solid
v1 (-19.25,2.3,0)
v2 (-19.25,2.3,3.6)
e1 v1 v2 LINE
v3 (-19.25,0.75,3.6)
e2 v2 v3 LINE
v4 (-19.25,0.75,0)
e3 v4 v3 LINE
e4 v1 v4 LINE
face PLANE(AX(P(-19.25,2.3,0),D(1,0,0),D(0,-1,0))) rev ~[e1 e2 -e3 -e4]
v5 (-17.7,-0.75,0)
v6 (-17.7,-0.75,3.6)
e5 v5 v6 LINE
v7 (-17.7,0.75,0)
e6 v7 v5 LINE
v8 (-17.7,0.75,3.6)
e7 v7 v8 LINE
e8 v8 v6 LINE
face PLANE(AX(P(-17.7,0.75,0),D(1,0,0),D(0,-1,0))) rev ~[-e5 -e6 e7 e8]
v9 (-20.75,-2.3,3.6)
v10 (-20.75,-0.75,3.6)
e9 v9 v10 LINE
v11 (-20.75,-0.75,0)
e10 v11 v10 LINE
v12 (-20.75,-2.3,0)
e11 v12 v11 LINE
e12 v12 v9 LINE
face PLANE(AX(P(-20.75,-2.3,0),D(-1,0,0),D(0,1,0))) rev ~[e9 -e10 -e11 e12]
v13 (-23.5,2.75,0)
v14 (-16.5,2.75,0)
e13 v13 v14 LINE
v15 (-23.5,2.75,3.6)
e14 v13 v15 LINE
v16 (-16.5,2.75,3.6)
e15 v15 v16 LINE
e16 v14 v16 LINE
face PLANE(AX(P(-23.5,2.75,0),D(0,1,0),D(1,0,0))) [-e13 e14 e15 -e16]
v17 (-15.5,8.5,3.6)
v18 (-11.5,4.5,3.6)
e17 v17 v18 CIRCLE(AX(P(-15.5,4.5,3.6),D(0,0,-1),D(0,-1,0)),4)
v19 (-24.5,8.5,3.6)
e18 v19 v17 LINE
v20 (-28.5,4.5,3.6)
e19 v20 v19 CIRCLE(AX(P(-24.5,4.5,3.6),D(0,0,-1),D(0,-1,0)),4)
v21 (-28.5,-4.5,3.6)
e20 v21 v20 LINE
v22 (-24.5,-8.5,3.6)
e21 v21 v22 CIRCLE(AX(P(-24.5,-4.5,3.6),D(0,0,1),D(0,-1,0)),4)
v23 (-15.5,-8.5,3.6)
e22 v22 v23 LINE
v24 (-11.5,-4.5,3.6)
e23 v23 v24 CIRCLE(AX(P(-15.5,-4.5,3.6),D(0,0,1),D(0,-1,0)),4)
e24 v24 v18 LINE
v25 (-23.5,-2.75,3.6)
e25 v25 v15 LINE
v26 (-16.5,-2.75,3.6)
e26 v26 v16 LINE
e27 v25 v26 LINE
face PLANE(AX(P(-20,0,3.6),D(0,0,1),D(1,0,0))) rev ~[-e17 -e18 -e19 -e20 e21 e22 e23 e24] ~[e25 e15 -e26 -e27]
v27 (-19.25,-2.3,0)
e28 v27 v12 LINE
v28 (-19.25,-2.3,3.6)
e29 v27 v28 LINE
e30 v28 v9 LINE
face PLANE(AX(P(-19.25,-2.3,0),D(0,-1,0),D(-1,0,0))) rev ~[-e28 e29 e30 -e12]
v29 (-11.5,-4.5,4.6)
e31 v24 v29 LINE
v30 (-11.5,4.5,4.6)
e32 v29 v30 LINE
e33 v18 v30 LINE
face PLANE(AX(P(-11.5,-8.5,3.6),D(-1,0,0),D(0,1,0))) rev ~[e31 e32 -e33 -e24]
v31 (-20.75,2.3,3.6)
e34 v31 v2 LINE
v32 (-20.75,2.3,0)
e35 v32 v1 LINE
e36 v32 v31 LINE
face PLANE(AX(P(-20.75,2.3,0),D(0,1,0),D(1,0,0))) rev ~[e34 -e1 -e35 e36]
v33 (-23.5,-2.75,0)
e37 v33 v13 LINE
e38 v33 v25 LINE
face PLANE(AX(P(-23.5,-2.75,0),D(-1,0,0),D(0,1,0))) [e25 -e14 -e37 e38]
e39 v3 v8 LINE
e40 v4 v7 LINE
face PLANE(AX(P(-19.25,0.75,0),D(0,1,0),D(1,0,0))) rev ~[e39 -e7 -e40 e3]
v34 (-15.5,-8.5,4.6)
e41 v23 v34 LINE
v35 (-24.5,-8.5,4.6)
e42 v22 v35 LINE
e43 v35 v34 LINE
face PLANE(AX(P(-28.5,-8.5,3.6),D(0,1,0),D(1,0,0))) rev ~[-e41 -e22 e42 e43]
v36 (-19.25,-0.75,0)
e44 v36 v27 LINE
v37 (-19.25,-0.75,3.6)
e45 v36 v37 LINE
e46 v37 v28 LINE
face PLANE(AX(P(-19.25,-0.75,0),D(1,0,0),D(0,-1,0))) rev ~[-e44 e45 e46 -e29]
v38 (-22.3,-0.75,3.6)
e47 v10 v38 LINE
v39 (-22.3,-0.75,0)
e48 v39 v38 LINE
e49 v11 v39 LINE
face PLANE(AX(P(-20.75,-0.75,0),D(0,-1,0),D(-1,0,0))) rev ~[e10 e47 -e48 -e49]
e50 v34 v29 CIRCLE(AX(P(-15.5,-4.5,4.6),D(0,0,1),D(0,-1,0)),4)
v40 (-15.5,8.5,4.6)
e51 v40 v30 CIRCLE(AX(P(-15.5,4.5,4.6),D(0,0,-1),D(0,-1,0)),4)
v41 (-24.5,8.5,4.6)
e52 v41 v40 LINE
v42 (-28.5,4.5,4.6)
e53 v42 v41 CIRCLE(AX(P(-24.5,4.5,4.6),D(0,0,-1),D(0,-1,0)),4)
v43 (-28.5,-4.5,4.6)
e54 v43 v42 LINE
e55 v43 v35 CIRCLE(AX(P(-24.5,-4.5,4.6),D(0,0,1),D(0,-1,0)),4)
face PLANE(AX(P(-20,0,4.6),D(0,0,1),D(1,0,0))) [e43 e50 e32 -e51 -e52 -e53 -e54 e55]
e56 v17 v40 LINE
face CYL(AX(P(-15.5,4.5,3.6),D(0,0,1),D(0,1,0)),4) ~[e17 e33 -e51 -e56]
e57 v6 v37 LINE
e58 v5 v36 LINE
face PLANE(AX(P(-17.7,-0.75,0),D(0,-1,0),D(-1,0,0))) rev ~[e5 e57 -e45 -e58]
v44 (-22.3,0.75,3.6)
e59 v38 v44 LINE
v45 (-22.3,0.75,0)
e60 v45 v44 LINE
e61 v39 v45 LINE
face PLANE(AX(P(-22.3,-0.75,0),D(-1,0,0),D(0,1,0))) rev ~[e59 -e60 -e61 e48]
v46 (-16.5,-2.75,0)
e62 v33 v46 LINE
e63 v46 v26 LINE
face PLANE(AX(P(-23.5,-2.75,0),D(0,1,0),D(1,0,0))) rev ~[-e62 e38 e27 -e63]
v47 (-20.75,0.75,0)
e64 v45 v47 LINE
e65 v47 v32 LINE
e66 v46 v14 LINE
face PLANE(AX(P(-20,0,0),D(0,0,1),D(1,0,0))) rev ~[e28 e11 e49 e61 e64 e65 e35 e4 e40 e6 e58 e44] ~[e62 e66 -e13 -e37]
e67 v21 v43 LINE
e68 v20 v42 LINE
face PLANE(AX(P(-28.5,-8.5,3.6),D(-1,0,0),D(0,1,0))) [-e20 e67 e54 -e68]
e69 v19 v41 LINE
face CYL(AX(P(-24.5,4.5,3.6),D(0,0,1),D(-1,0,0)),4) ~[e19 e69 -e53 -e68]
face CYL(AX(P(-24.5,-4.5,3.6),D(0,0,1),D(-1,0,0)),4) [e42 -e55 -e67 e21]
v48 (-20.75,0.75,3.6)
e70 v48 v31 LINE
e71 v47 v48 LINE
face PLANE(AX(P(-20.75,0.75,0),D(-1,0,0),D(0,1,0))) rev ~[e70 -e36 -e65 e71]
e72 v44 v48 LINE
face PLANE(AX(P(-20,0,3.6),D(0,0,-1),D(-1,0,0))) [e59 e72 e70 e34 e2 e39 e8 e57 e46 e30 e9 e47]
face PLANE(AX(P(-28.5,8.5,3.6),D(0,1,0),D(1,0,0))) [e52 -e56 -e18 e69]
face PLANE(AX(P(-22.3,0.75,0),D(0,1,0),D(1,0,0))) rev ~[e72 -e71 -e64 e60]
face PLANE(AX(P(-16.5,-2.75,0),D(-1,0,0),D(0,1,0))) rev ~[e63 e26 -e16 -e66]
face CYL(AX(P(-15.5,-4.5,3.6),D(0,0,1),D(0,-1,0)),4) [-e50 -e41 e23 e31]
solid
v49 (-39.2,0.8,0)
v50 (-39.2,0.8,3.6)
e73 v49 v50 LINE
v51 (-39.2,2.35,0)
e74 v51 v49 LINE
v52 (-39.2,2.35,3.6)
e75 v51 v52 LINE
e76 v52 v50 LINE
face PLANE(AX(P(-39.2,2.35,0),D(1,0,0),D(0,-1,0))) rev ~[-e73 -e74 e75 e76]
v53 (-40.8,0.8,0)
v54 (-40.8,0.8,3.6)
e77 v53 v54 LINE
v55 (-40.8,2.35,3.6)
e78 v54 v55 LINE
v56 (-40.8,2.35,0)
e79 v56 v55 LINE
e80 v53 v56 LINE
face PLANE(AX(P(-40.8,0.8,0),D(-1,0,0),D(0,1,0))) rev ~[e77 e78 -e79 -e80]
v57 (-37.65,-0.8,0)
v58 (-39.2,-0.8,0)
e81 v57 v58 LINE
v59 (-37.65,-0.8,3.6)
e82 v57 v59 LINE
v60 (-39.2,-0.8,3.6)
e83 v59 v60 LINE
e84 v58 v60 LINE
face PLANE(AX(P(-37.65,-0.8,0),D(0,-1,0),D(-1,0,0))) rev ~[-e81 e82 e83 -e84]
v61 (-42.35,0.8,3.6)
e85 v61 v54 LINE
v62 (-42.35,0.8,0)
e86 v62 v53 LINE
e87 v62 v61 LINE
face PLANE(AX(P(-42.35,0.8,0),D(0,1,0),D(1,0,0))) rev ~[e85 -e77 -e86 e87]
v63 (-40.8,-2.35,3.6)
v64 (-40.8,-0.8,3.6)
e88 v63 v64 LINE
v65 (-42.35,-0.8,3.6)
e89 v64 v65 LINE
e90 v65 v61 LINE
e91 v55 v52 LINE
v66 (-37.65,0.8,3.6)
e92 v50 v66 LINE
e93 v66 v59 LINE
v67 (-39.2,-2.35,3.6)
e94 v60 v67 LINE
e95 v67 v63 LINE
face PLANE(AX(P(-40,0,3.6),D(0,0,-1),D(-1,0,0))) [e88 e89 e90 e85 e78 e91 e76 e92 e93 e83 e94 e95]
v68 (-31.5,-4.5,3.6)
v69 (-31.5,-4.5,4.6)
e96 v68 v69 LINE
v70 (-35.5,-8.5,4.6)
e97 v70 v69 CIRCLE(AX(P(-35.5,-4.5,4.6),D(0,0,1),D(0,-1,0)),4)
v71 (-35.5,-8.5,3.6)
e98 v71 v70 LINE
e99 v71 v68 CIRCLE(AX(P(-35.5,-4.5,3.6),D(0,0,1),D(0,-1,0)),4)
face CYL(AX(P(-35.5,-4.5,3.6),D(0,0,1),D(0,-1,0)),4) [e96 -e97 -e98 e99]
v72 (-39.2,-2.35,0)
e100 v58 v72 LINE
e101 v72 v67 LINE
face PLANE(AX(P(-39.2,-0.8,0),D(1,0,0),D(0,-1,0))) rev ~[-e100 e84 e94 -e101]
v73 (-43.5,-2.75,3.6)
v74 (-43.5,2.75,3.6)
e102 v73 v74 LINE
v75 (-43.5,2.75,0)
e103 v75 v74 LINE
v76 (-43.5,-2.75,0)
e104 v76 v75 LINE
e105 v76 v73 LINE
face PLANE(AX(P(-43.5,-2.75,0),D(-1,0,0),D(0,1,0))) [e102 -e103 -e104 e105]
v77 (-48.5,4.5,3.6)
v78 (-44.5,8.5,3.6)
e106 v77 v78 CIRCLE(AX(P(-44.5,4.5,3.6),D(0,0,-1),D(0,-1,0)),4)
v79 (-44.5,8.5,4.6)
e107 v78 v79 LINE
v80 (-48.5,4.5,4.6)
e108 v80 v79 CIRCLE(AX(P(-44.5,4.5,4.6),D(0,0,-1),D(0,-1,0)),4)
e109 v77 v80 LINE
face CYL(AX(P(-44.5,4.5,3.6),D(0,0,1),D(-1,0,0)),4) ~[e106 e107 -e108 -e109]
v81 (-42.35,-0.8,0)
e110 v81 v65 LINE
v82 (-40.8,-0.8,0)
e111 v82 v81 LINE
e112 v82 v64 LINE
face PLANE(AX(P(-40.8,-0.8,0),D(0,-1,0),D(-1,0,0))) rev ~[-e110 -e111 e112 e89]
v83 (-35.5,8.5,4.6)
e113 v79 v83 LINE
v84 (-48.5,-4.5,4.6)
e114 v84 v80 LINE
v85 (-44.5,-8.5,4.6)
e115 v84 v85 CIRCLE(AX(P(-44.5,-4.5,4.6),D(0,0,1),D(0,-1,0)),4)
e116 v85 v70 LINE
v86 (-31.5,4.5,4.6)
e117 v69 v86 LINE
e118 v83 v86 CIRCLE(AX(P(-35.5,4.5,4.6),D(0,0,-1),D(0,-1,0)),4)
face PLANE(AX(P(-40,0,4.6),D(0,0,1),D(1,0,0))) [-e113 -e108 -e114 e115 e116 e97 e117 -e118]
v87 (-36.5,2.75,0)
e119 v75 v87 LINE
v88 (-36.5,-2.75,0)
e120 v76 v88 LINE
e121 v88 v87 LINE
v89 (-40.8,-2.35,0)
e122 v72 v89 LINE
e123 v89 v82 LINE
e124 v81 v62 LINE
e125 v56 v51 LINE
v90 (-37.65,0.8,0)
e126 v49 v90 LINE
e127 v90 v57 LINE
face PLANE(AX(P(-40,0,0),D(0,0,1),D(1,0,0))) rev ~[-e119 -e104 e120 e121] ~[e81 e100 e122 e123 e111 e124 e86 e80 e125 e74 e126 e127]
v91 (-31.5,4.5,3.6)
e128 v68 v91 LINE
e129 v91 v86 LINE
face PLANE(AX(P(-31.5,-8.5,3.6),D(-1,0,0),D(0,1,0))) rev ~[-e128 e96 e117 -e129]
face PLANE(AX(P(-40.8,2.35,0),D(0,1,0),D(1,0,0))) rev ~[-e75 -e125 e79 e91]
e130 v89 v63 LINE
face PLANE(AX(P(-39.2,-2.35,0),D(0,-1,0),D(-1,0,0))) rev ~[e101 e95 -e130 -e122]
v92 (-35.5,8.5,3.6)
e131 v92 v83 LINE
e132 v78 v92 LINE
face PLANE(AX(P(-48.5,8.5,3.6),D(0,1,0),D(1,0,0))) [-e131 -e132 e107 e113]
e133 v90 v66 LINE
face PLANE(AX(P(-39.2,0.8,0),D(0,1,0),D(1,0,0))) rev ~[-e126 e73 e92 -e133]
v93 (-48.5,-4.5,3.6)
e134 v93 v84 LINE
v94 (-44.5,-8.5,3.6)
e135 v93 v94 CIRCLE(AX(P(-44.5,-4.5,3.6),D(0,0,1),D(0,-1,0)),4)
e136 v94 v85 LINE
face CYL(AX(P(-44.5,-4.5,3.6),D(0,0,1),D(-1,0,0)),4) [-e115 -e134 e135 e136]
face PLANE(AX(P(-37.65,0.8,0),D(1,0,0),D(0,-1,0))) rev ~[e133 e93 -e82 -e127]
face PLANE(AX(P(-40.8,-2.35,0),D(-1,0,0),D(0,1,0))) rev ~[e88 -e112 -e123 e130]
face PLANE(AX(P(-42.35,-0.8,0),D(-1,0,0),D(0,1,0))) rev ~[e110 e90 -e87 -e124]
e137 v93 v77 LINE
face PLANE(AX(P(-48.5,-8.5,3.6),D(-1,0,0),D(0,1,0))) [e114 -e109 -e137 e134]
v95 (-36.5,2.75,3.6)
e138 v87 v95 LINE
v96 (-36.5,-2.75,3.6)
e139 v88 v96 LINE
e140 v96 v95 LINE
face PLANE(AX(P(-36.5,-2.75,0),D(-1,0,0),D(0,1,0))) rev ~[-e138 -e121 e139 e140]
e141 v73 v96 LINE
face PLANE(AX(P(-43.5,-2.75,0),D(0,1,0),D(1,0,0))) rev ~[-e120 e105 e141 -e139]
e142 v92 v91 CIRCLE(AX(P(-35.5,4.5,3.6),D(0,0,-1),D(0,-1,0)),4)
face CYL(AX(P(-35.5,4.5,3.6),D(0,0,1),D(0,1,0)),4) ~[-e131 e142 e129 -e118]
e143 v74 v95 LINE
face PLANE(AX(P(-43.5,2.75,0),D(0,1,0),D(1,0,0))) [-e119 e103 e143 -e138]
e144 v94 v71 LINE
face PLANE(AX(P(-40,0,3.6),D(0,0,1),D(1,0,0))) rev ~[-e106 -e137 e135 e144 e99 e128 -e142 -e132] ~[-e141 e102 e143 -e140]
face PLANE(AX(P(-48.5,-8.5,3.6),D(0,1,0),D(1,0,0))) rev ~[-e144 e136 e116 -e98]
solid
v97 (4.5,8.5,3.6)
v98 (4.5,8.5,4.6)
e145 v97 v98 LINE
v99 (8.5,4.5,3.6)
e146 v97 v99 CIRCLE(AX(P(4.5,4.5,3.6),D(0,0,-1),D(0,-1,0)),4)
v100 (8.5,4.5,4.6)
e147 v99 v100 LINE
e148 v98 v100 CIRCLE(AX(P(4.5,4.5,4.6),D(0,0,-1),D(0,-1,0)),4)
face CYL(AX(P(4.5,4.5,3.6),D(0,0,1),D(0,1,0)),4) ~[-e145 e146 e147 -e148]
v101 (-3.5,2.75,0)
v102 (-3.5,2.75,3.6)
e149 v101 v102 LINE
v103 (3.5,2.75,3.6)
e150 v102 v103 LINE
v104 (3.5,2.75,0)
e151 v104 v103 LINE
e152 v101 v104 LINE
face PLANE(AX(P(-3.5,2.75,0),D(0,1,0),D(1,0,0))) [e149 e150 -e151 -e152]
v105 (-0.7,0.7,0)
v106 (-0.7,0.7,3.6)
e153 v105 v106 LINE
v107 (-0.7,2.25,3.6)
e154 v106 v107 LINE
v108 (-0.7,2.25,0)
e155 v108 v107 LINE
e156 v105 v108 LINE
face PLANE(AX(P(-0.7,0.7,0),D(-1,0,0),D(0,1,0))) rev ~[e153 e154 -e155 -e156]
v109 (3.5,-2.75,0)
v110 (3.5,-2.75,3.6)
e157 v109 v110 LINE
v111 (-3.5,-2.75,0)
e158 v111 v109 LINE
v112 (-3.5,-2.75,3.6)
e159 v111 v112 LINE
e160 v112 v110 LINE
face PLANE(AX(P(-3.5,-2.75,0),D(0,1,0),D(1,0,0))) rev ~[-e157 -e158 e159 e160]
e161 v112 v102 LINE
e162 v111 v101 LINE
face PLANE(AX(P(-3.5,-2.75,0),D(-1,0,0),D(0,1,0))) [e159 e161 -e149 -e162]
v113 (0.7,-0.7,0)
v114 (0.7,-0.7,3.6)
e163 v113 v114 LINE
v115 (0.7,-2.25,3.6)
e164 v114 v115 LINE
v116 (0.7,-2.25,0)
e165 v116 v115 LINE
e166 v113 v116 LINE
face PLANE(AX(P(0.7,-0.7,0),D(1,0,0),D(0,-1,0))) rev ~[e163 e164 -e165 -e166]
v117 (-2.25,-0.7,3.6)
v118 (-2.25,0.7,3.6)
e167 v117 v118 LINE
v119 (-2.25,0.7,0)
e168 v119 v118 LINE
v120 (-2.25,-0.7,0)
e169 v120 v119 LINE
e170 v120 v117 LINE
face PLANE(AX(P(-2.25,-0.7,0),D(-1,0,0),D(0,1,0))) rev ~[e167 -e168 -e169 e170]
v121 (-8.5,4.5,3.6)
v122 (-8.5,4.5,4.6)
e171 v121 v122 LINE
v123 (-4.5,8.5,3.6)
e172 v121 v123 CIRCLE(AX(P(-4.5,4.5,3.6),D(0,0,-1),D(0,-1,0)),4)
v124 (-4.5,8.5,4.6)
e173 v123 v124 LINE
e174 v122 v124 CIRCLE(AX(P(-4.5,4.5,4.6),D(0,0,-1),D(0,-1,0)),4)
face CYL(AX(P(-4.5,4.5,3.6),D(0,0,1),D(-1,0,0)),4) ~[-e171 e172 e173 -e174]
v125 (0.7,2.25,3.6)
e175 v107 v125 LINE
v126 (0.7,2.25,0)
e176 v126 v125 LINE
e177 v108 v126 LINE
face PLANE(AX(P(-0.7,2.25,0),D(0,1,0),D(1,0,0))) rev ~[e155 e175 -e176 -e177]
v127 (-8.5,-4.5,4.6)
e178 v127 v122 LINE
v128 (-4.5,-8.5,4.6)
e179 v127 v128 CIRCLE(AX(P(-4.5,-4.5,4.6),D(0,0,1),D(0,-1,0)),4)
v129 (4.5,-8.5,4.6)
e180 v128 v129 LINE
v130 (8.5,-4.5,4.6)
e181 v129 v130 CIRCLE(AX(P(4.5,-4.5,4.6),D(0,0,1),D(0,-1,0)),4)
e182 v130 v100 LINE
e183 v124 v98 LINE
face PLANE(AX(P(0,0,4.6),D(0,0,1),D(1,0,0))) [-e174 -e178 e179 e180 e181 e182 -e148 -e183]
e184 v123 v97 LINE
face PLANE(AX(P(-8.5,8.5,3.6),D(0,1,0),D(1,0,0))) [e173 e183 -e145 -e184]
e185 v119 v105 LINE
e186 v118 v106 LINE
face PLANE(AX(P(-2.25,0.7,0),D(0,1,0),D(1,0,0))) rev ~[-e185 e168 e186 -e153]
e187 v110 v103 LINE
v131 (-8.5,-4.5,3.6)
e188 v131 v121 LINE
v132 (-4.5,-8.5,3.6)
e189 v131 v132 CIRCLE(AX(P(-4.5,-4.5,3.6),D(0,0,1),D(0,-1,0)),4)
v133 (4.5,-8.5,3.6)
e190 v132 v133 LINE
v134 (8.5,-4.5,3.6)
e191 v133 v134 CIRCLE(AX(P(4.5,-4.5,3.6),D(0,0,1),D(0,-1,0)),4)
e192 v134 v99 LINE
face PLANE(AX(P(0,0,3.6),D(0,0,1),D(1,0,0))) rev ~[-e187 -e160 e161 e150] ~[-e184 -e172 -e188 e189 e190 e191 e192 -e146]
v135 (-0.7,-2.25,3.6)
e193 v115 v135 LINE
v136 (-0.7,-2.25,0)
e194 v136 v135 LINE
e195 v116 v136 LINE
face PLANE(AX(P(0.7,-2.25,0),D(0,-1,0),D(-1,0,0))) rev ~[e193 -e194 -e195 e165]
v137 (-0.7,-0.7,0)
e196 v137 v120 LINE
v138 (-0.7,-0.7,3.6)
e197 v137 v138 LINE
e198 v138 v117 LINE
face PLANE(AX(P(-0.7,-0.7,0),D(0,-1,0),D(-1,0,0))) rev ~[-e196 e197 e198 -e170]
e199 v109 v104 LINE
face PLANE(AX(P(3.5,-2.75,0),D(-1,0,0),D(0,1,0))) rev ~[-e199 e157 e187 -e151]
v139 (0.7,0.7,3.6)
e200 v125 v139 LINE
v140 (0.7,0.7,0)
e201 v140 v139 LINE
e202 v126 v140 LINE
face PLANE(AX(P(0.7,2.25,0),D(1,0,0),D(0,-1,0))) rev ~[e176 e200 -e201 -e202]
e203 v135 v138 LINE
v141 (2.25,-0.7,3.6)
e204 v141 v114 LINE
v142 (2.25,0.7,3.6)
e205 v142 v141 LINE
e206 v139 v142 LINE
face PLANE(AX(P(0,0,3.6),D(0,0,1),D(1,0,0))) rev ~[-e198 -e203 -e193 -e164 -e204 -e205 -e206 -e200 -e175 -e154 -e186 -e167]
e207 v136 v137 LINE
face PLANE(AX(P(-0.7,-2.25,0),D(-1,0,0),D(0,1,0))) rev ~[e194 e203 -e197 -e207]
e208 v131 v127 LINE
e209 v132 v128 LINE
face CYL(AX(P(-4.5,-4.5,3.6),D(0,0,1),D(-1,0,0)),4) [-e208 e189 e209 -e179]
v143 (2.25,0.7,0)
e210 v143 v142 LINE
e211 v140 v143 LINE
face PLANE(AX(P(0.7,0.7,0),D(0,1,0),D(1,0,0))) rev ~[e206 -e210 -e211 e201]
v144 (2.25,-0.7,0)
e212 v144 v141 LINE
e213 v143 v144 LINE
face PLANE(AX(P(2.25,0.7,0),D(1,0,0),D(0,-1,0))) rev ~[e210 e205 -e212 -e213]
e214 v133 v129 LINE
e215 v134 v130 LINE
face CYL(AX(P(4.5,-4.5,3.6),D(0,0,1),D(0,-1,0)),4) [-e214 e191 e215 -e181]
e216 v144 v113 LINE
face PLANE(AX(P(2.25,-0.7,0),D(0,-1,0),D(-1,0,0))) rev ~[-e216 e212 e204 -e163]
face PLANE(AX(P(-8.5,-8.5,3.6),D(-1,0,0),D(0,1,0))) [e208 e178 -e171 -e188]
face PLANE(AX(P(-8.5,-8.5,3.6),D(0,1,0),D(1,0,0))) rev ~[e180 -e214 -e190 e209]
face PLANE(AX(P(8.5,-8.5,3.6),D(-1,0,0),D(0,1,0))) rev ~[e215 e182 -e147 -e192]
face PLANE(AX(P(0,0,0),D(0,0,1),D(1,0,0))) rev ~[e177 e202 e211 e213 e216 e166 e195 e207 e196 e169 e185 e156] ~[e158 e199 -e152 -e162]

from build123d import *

# Parameters (mm, degrees)
SKICA1_W                 = 7
SKICA1_H                 = 5.5
P_IDAT_VYSUNUT_M1_DEPTH  = 3.6
SKICA2_W                 = 17
SKICA2_H                 = 17
P_IDAT_VYSUNUT_M2_DEPTH  = 1
ZAOBLIT1_R               = 4
LINPOLE1_COUNT           = 3
LINPOLE1_PITCH           = 20
ODEBRAT_VYSUNUT_M1_DEPTH = 3.6


with BuildPart() as part:
    # Skica1 → Přidat vysunutím1 (new body)
    with BuildSketch(Plane.XY):
        Rectangle(SKICA1_W, SKICA1_H)
        Polygon((-0.7, 0.7), (-0.7, 2.25), (0.7, 2.25), (0.7, 0.7), (2.25, 0.7), (2.25, -0.7), (0.7, -0.7), (0.7, -2.25), (-0.7, -2.25), (-0.7, -0.7), (-2.25, -0.7), (-2.25, 0.7), align=None, mode=Mode.SUBTRACT)
    extrude(amount=P_IDAT_VYSUNUT_M1_DEPTH)

    # Skica2 → Přidat vysunutím2 (add)
    with BuildSketch(Plane.XY.offset(3.6)):
        Rectangle(SKICA2_W, SKICA2_H)
    extrude(amount=P_IDAT_VYSUNUT_M2_DEPTH)

    # Zaoblit1
    zaoblit1_edges = [part.edges().sort_by_distance(p)[0] for p in [
        (8.5, -8.5, 4.1),
        (8.5, 8.5, 4.1),
        (-8.5, 8.5, 4.1),
        (-8.5, -8.5, 4.1),
    ]]
    fillet(zaoblit1_edges, radius=ZAOBLIT1_R)


with BuildPart() as linpole1_1:
    # LinPole1: pattern copy
    add(part.part.moved(Location(Vector(-1, 0, 0) * (1 * LINPOLE1_PITCH))))


with BuildPart() as linpole1_2:
    # LinPole1: pattern copy
    add(part.part.moved(Location(Vector(-1, 0, 0) * (2 * LINPOLE1_PITCH))))


with BuildPart() as odebrat_vysunut_m1_tool:
    # Skica4 → Odebrat vysunutím1 (new body)
    with BuildSketch(Plane(origin=(0, 0, 0), x_dir=(-1, 0, 0), z_dir=(0, 0, -1))):
        Polygon((19.25, 2.3), (19.25, 0.75), (17.7, 0.75), (17.7, -0.75), (19.25, -0.75), (19.25, -2.3), (20.75, -2.3), (20.75, -0.75), (22.3, -0.75), (22.3, 0.75), (20.75, 0.75), (20.75, 2.3), align=None)
        Polygon((39.2, 2.35), (39.2, 0.8), (37.65, 0.8), (37.65, -0.8), (39.2, -0.8), (39.2, -2.35), (40.8, -2.35), (40.8, -0.8), (42.35, -0.8), (42.35, 0.8), (40.8, 0.8), (40.8, 2.35), align=None)
    extrude(amount=-ODEBRAT_VYSUNUT_M1_DEPTH)


with BuildPart() as linpole1_1_1:
    add(linpole1_1.part)

    # Odebrat vysunutím1: cut by odebrat_vysunut_m1_tool
    add(odebrat_vysunut_m1_tool.part, mode=Mode.SUBTRACT)


with BuildPart() as linpole1_2_1:
    add(linpole1_2.part)

    # Odebrat vysunutím1: cut by odebrat_vysunut_m1_tool
    add(odebrat_vysunut_m1_tool.part, mode=Mode.SUBTRACT)


solid = Compound([part.part, linpole1_1_1.part, linpole1_2_1.part])
